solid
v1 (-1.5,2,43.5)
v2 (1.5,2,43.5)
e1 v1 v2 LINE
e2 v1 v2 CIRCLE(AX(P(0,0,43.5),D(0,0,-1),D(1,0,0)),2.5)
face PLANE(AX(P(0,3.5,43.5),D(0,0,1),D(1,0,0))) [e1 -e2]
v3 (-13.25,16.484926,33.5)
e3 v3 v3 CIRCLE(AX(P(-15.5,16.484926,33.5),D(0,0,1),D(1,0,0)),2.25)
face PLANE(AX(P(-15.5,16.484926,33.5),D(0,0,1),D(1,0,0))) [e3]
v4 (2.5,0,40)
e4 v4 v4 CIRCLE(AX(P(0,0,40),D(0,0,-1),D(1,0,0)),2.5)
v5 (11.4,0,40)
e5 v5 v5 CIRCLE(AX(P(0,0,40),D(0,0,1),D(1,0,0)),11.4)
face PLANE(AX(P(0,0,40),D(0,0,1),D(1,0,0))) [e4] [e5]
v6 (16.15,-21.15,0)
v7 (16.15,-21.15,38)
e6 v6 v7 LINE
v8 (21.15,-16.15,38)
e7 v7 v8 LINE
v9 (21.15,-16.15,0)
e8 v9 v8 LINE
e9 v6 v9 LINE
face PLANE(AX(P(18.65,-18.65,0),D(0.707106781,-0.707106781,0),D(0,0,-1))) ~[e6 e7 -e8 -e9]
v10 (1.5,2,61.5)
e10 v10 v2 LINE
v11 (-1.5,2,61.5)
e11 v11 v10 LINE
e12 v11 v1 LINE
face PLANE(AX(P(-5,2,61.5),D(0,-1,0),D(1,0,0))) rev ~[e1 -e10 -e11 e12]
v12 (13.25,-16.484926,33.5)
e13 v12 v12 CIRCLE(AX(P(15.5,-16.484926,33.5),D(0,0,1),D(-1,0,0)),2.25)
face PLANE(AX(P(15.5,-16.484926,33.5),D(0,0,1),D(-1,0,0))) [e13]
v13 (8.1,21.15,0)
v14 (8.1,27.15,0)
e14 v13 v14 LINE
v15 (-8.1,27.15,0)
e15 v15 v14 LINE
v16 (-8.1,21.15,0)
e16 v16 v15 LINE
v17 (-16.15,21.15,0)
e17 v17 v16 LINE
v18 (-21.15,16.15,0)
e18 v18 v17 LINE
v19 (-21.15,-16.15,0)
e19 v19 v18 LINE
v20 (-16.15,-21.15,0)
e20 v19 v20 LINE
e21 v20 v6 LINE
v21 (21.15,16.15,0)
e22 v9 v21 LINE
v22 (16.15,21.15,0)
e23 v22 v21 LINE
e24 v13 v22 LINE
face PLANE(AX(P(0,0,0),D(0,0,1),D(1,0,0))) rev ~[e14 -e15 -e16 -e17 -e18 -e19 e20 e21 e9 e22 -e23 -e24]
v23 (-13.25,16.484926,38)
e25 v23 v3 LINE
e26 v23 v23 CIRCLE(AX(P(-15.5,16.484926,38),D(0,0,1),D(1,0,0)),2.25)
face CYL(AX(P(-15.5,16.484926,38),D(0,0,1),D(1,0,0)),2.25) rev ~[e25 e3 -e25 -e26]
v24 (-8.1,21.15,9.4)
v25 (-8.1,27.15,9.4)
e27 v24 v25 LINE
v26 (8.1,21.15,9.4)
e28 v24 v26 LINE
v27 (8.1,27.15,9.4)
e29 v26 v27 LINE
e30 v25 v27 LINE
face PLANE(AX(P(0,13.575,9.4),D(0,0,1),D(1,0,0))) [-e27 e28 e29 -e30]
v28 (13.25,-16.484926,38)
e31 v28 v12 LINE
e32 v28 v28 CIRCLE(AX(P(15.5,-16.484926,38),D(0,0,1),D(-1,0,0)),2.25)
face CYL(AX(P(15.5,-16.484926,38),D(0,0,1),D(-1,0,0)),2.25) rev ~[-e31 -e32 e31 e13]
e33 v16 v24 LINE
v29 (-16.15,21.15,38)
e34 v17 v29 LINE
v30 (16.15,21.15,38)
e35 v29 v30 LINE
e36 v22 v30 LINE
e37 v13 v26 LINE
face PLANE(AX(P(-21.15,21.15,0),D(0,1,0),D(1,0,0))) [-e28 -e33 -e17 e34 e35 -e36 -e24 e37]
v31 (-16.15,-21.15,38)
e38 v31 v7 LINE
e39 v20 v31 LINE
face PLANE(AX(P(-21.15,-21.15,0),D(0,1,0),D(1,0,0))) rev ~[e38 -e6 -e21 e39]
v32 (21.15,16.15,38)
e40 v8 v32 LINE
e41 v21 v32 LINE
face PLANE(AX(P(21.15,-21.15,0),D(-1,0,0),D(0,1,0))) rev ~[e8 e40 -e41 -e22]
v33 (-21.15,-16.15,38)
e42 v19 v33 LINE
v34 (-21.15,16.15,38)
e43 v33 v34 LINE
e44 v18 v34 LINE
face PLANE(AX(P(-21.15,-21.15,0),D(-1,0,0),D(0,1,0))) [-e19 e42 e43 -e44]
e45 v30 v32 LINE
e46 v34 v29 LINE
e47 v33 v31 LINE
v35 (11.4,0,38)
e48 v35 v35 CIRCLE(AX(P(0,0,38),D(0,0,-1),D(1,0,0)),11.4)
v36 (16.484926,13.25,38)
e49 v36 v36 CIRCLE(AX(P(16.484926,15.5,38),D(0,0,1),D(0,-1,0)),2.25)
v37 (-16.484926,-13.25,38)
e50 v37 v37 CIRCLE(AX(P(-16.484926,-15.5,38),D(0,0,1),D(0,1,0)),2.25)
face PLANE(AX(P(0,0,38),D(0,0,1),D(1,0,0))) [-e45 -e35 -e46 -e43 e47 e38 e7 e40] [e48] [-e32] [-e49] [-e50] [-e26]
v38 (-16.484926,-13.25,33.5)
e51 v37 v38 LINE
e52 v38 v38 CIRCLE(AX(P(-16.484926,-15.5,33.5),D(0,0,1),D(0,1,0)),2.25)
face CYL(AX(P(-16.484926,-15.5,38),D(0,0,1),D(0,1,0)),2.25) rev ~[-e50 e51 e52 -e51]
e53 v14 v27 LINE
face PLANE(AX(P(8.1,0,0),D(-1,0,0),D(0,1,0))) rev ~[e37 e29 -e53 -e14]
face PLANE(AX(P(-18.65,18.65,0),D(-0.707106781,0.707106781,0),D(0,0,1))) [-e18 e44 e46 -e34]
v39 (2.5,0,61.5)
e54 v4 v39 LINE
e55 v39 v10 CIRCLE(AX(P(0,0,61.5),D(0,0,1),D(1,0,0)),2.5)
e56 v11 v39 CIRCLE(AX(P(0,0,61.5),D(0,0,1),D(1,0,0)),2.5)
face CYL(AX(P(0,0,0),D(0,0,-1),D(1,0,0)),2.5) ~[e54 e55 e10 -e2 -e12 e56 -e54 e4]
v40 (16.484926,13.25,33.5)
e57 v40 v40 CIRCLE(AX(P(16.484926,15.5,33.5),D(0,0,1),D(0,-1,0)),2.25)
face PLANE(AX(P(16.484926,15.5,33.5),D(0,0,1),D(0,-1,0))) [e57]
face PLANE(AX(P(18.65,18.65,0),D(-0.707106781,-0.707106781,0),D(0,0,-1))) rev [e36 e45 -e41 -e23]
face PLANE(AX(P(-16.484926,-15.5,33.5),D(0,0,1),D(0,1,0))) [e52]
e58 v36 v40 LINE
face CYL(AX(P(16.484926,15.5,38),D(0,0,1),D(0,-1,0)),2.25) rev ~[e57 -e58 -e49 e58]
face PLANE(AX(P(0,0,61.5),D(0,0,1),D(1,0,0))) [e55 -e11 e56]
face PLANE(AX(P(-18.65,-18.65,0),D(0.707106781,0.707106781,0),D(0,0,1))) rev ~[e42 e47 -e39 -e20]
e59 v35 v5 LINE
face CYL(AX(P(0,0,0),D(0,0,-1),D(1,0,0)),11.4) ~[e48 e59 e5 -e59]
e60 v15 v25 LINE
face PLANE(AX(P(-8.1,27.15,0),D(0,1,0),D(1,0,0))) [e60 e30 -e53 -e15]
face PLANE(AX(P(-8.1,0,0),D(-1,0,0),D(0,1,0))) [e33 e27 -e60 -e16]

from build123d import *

# Parameters (mm, degrees)
SKETCH_W           = 42.3
SKETCH_H           = 42.3
PAD_DEPTH          = 38
SKETCH001_R        = 11.4
PAD001_DEPTH       = 40
SKETCH002_R        = 2.5
PAD002_DEPTH       = 61.5
CHAMFER_SIZE       = 5
SKETCH003_W        = 10
SKETCH003_H        = 3
POCKET_DEPTH       = 18
SKETCH004_W        = 16.2
SKETCH004_H        = 27.15
PAD003_DEPTH       = 9.4
SKETCH005_R        = 2.25
POCKET001_DEPTH    = 4.5
POLARPATTERN_COUNT = 4


with BuildPart() as part:
    # Sketch → Pad (new body)
    with BuildSketch(Plane.XY):
        Rectangle(SKETCH_W, SKETCH_H)
    extrude(amount=PAD_DEPTH)

    # Sketch001 → Pad001 (join)
    with BuildSketch(Plane.XY):
        Circle(SKETCH001_R)
    extrude(amount=PAD001_DEPTH)

    # Sketch002 → Pad002 (join)
    with BuildSketch(Plane.XY):
        Circle(SKETCH002_R)
    extrude(amount=PAD002_DEPTH)

    # Chamfer
    chamfer_edges = [part.edges().sort_by_distance(p)[0] for p in [
        (-21.15, 21.15, 19),
        (-21.15, -21.15, 19),
        (21.15, 21.15, 19),
        (21.15, -21.15, 19),
    ]]
    chamfer(chamfer_edges, length=CHAMFER_SIZE)

    # Sketch003 (on Face16 of Chamfer) → Pocket (cut)
    with BuildSketch(Plane.XY.offset(61.5)):
        with Locations((0, 3.5)):
            Rectangle(SKETCH003_W, SKETCH003_H)
    extrude(amount=-POCKET_DEPTH, mode=Mode.SUBTRACT)

    # Sketch004 → Pad003 (join)
    with BuildSketch(Plane.XY):
        with Locations((0, 13.575)):
            Rectangle(SKETCH004_W, SKETCH004_H)
    extrude(amount=PAD003_DEPTH)

    # Sketch005 (on Face5 of Pad003) → Pocket001 (cut)
    with BuildSketch(Plane.XY.offset(38)):
        with Locations((-15.5, 16.484926)):
            Circle(SKETCH005_R)
    pocket001 = extrude(amount=-POCKET001_DEPTH, mode=Mode.SUBTRACT)

    # PolarPattern: Pocket001 ×4 about axis
    polarpattern_axis = Axis((0, 0, 38), (0, 0, 1))
    for i in range(1, POLARPATTERN_COUNT):
        add(pocket001.rotate(polarpattern_axis, i * 360 / POLARPATTERN_COUNT), mode=Mode.SUBTRACT)


solid = part.part
